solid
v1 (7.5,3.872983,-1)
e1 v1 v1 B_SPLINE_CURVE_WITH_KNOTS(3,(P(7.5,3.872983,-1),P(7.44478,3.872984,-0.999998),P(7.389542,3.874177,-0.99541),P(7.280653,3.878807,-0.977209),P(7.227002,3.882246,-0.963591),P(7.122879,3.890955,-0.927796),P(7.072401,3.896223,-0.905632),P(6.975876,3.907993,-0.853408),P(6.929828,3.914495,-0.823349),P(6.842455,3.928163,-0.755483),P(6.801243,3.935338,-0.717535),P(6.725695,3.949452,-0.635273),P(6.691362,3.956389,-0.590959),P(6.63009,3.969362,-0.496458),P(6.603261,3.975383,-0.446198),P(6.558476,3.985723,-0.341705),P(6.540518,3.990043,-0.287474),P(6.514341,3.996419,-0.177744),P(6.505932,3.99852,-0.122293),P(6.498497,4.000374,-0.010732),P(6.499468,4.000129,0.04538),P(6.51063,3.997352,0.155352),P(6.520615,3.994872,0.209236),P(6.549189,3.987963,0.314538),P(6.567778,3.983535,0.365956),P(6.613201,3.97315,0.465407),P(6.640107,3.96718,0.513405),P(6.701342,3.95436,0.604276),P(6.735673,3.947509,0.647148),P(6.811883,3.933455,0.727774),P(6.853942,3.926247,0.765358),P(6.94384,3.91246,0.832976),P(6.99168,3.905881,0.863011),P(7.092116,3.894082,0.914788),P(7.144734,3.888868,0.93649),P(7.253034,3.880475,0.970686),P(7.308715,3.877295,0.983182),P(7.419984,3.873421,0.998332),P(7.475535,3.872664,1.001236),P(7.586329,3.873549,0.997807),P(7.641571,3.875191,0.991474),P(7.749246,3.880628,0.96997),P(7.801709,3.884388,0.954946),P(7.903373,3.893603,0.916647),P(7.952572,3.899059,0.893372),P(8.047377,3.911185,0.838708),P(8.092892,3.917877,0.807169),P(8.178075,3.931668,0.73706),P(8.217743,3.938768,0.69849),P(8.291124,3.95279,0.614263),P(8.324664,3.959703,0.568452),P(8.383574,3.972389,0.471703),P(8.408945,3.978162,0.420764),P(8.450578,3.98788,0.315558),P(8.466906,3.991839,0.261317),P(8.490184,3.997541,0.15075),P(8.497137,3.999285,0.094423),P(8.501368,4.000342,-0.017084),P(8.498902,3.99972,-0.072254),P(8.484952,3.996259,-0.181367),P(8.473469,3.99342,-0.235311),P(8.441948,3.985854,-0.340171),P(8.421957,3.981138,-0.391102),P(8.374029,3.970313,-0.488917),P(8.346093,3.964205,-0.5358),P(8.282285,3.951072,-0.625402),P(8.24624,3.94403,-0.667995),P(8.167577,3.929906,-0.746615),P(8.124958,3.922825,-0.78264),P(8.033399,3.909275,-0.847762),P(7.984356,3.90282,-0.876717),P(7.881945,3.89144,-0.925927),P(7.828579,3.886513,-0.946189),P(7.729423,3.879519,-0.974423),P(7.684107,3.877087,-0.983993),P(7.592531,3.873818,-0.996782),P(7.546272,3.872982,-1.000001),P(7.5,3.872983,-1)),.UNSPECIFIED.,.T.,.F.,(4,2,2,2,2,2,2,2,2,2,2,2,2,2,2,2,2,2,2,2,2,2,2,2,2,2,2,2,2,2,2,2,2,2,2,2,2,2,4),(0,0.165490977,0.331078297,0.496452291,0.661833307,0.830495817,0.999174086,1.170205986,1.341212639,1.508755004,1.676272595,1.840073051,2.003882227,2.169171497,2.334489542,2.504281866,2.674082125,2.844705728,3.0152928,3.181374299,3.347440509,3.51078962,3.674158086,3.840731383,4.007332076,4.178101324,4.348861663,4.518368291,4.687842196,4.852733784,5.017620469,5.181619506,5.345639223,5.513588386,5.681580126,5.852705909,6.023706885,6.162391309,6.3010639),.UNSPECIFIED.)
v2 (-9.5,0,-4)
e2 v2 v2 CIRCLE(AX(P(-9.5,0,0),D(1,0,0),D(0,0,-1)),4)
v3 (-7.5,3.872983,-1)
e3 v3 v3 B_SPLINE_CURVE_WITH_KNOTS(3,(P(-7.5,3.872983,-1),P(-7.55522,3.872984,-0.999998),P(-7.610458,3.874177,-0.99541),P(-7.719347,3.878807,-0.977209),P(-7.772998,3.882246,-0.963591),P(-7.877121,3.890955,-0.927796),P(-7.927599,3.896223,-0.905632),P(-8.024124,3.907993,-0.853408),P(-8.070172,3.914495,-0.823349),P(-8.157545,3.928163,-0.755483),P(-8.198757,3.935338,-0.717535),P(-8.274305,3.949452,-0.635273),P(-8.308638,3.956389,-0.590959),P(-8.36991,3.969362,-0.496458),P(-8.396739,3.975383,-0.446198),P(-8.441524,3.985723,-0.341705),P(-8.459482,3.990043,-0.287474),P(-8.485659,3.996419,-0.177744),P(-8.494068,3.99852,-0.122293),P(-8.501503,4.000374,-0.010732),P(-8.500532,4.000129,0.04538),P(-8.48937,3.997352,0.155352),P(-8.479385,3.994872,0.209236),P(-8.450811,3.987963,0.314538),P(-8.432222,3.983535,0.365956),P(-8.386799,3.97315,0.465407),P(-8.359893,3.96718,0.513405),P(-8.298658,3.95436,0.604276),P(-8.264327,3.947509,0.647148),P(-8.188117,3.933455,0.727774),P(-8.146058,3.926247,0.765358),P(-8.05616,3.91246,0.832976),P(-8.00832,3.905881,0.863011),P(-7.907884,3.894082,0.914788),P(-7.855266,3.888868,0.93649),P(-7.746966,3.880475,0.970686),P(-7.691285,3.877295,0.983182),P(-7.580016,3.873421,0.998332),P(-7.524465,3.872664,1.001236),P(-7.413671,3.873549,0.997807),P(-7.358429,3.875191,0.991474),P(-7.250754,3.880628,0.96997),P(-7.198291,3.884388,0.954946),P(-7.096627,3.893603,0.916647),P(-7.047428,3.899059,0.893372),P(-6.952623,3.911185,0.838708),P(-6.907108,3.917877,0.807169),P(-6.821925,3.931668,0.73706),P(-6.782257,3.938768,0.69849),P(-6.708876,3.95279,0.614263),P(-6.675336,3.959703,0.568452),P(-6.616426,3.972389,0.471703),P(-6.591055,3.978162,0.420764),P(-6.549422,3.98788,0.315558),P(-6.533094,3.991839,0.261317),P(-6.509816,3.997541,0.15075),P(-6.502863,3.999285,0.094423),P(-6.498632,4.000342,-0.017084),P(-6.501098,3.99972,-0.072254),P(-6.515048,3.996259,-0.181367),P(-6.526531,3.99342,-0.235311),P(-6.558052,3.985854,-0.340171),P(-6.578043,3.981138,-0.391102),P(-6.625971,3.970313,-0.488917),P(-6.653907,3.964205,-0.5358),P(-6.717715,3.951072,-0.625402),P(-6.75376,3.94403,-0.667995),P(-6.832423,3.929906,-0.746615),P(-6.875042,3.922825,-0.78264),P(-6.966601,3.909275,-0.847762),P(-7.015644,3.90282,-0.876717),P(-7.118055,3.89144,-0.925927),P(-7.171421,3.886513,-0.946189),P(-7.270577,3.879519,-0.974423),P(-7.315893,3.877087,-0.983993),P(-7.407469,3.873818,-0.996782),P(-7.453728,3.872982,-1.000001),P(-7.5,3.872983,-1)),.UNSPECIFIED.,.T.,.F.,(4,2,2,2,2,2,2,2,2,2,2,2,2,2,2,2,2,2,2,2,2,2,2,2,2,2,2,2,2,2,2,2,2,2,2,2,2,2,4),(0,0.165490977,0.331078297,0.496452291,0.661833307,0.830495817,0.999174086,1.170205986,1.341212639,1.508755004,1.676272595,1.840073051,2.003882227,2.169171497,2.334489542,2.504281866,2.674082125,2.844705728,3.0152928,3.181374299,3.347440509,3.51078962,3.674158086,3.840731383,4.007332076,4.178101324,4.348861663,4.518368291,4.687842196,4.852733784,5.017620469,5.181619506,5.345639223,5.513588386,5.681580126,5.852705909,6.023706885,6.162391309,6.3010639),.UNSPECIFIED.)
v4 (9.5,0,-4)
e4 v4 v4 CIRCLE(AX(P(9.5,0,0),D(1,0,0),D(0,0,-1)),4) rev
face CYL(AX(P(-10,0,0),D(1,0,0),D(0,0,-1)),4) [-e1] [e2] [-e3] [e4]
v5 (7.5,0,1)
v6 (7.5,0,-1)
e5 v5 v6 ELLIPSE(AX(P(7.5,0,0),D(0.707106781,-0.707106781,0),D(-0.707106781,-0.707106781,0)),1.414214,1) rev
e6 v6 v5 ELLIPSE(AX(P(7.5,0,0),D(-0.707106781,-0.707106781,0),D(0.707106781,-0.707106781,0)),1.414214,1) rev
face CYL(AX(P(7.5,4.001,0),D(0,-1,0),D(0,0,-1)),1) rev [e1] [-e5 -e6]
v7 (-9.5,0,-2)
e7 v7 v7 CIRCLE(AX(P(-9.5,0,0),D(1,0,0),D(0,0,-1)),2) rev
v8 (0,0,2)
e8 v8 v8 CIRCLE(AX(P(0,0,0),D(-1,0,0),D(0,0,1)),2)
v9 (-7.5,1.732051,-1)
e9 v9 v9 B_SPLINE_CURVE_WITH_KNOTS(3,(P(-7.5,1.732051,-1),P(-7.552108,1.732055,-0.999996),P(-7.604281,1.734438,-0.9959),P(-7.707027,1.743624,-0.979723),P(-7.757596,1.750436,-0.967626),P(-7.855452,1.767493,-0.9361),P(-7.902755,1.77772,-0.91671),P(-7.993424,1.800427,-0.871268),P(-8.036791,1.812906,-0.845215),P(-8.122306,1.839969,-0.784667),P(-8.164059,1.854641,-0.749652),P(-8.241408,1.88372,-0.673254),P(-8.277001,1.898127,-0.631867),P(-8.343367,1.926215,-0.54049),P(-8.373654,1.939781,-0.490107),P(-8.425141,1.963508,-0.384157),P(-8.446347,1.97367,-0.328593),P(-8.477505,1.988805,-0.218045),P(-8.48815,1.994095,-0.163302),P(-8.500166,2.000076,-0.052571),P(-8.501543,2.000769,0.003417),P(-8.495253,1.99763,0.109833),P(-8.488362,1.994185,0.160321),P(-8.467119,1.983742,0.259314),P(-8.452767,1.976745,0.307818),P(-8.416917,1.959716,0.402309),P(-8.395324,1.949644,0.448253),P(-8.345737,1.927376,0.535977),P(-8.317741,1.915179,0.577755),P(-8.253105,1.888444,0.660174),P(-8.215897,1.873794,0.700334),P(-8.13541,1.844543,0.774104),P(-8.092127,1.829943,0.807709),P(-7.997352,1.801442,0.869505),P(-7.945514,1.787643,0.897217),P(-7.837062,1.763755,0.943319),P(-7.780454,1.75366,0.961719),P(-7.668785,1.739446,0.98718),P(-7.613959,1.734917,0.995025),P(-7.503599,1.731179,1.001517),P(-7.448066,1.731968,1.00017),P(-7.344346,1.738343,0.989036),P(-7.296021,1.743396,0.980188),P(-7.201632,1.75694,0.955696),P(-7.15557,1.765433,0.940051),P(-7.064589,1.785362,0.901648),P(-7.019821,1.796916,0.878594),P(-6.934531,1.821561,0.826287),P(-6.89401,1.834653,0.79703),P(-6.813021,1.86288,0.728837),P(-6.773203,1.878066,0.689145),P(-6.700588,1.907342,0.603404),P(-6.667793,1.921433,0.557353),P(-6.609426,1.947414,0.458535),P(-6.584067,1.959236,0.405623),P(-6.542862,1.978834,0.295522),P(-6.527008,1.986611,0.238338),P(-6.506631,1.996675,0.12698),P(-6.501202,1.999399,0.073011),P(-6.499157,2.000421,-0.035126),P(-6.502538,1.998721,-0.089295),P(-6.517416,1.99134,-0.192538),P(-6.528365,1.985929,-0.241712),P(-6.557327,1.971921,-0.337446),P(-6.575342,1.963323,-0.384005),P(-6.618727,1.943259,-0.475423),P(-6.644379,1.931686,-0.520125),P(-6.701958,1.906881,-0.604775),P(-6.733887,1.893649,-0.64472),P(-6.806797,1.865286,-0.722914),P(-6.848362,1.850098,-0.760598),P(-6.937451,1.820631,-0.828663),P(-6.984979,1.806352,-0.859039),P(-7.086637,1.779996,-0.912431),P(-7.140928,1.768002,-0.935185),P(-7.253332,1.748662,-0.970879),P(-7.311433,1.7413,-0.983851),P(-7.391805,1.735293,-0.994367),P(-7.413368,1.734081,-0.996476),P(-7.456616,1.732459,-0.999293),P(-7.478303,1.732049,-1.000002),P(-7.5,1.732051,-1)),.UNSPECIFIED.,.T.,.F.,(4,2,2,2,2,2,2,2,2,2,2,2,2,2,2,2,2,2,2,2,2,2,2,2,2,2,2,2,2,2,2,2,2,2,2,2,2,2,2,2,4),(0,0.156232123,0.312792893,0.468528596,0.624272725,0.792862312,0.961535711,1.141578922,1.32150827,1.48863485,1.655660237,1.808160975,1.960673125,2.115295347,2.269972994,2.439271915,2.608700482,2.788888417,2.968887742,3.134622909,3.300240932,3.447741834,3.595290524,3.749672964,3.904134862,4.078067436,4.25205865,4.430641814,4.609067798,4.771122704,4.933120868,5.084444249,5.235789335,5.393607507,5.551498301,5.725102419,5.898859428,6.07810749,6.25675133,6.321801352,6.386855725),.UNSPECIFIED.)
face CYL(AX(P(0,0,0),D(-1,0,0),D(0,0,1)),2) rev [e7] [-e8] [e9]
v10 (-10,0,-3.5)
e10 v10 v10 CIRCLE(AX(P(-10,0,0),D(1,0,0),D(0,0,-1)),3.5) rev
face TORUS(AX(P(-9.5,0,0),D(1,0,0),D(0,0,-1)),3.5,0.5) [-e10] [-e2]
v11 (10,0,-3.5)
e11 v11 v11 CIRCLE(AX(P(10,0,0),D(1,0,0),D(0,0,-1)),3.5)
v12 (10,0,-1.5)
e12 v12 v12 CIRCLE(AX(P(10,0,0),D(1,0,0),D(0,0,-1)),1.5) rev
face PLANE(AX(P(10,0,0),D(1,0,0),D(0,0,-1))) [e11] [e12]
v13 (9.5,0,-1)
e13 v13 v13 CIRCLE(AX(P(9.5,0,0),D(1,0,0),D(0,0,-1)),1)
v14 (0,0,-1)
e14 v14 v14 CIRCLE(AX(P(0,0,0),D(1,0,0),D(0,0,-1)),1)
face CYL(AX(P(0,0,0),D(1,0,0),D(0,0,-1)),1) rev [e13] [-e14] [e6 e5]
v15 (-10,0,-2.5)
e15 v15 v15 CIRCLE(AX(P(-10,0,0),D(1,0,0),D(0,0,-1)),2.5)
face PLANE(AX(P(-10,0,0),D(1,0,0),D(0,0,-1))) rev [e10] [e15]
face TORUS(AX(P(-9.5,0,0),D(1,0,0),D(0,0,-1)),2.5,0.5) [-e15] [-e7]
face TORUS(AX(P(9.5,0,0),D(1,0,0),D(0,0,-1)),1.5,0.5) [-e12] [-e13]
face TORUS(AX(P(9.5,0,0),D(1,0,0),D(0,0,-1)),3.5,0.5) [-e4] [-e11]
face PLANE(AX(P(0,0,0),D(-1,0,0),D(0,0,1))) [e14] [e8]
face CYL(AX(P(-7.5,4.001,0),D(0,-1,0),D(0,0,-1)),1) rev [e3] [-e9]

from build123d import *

# Parameters (mm, degrees)
BOSS_EXTRUDE1_DEPTH      = 10
BOSS_EXTRUDE1_DEPTH_BACK = 10
SKETCH1_R                = 4
SKETCH2_R                = 1
CUT_EXTRUDE1_DEPTH       = 10
SKETCH3_R                = 2
CUT_EXTRUDE2_DEPTH       = 10
CUT_EXTRUDE4_REACH       = 13.489
CUT_EXTRUDE4_END_RADIUS  = 4
SKETCH4_R                = 1
FILLET1_R                = 0.5


with BuildPart() as part:
    # Sketch1 → Boss-Extrude1 (new, two sides: drawn at the far end of the back side and taken through both)
    with BuildSketch(Plane(origin=(0, 0, 0), x_dir=(0, 0, -1), z_dir=(1, 0, 0)).offset(-BOSS_EXTRUDE1_DEPTH_BACK)):
        Circle(SKETCH1_R)
    extrude(amount=BOSS_EXTRUDE1_DEPTH + BOSS_EXTRUDE1_DEPTH_BACK)

    # Sketch2 → Cut-Extrude1 (cut)
    with BuildSketch(Plane(origin=(10, 0, 0), x_dir=(0, 0, -1), z_dir=(1, 0, 0))):
        Circle(SKETCH2_R)
    extrude(amount=-CUT_EXTRUDE1_DEPTH, mode=Mode.SUBTRACT)

    # Sketch3 → Cut-Extrude2 (cut)
    with BuildSketch(Plane.ZY.offset(10)):
        Circle(SKETCH3_R)
    extrude(amount=-CUT_EXTRUDE2_DEPTH, mode=Mode.SUBTRACT)

    # Cut-Extrude4: up to this cylinder (the profile starts inside it)
    cut_extrude4_end = Plane(origin=(0, 0, 0), z_dir=(1, 0, 0)) * Cylinder(CUT_EXTRUDE4_END_RADIUS, 50.978, mode=Mode.PRIVATE)
    # Sketch4 → Cut-Extrude4 (cut, up to the surface)
    with BuildSketch(Plane(origin=(0, 0, 0), x_dir=(1, 0, 0), z_dir=(0, 1, 0)), mode=Mode.PRIVATE) as cut_extrude4_sk1:
        with Locations(Location((-7.5, 0, 0), (0, 0, 90))):
            Circle(SKETCH4_R)
    cut_extrude4_tool1 = extrude(cut_extrude4_sk1.sketch, amount=CUT_EXTRUDE4_REACH, mode=Mode.PRIVATE) & cut_extrude4_end
    add(cut_extrude4_tool1.solids().sort_by_distance((-7.5, 0, 0))[0], mode=Mode.SUBTRACT)
    # Sketch4 → Cut-Extrude4 (cut, up to the surface)
    with BuildSketch(Plane(origin=(0, 0, 0), x_dir=(1, 0, 0), z_dir=(0, 1, 0)), mode=Mode.PRIVATE) as cut_extrude4_sk2:
        with Locations(Location((7.5, 0, 0), (0, 0, 90))):
            Circle(SKETCH4_R)
    cut_extrude4_tool2 = extrude(cut_extrude4_sk2.sketch, amount=CUT_EXTRUDE4_REACH, mode=Mode.PRIVATE) & cut_extrude4_end
    add(cut_extrude4_tool2.solids().sort_by_distance((7.5, 0, 0))[0], mode=Mode.SUBTRACT)

    # Fillet1
    fillet1_edges = [part.edges().sort_by_distance(p)[0] for p in [
        (-10, 0, -2),
        (-10, 0, 4),
        (10, 0, 4),
        (10, 0, 1),
    ]]
    fillet(fillet1_edges, radius=FILLET1_R)


solid = part.part
